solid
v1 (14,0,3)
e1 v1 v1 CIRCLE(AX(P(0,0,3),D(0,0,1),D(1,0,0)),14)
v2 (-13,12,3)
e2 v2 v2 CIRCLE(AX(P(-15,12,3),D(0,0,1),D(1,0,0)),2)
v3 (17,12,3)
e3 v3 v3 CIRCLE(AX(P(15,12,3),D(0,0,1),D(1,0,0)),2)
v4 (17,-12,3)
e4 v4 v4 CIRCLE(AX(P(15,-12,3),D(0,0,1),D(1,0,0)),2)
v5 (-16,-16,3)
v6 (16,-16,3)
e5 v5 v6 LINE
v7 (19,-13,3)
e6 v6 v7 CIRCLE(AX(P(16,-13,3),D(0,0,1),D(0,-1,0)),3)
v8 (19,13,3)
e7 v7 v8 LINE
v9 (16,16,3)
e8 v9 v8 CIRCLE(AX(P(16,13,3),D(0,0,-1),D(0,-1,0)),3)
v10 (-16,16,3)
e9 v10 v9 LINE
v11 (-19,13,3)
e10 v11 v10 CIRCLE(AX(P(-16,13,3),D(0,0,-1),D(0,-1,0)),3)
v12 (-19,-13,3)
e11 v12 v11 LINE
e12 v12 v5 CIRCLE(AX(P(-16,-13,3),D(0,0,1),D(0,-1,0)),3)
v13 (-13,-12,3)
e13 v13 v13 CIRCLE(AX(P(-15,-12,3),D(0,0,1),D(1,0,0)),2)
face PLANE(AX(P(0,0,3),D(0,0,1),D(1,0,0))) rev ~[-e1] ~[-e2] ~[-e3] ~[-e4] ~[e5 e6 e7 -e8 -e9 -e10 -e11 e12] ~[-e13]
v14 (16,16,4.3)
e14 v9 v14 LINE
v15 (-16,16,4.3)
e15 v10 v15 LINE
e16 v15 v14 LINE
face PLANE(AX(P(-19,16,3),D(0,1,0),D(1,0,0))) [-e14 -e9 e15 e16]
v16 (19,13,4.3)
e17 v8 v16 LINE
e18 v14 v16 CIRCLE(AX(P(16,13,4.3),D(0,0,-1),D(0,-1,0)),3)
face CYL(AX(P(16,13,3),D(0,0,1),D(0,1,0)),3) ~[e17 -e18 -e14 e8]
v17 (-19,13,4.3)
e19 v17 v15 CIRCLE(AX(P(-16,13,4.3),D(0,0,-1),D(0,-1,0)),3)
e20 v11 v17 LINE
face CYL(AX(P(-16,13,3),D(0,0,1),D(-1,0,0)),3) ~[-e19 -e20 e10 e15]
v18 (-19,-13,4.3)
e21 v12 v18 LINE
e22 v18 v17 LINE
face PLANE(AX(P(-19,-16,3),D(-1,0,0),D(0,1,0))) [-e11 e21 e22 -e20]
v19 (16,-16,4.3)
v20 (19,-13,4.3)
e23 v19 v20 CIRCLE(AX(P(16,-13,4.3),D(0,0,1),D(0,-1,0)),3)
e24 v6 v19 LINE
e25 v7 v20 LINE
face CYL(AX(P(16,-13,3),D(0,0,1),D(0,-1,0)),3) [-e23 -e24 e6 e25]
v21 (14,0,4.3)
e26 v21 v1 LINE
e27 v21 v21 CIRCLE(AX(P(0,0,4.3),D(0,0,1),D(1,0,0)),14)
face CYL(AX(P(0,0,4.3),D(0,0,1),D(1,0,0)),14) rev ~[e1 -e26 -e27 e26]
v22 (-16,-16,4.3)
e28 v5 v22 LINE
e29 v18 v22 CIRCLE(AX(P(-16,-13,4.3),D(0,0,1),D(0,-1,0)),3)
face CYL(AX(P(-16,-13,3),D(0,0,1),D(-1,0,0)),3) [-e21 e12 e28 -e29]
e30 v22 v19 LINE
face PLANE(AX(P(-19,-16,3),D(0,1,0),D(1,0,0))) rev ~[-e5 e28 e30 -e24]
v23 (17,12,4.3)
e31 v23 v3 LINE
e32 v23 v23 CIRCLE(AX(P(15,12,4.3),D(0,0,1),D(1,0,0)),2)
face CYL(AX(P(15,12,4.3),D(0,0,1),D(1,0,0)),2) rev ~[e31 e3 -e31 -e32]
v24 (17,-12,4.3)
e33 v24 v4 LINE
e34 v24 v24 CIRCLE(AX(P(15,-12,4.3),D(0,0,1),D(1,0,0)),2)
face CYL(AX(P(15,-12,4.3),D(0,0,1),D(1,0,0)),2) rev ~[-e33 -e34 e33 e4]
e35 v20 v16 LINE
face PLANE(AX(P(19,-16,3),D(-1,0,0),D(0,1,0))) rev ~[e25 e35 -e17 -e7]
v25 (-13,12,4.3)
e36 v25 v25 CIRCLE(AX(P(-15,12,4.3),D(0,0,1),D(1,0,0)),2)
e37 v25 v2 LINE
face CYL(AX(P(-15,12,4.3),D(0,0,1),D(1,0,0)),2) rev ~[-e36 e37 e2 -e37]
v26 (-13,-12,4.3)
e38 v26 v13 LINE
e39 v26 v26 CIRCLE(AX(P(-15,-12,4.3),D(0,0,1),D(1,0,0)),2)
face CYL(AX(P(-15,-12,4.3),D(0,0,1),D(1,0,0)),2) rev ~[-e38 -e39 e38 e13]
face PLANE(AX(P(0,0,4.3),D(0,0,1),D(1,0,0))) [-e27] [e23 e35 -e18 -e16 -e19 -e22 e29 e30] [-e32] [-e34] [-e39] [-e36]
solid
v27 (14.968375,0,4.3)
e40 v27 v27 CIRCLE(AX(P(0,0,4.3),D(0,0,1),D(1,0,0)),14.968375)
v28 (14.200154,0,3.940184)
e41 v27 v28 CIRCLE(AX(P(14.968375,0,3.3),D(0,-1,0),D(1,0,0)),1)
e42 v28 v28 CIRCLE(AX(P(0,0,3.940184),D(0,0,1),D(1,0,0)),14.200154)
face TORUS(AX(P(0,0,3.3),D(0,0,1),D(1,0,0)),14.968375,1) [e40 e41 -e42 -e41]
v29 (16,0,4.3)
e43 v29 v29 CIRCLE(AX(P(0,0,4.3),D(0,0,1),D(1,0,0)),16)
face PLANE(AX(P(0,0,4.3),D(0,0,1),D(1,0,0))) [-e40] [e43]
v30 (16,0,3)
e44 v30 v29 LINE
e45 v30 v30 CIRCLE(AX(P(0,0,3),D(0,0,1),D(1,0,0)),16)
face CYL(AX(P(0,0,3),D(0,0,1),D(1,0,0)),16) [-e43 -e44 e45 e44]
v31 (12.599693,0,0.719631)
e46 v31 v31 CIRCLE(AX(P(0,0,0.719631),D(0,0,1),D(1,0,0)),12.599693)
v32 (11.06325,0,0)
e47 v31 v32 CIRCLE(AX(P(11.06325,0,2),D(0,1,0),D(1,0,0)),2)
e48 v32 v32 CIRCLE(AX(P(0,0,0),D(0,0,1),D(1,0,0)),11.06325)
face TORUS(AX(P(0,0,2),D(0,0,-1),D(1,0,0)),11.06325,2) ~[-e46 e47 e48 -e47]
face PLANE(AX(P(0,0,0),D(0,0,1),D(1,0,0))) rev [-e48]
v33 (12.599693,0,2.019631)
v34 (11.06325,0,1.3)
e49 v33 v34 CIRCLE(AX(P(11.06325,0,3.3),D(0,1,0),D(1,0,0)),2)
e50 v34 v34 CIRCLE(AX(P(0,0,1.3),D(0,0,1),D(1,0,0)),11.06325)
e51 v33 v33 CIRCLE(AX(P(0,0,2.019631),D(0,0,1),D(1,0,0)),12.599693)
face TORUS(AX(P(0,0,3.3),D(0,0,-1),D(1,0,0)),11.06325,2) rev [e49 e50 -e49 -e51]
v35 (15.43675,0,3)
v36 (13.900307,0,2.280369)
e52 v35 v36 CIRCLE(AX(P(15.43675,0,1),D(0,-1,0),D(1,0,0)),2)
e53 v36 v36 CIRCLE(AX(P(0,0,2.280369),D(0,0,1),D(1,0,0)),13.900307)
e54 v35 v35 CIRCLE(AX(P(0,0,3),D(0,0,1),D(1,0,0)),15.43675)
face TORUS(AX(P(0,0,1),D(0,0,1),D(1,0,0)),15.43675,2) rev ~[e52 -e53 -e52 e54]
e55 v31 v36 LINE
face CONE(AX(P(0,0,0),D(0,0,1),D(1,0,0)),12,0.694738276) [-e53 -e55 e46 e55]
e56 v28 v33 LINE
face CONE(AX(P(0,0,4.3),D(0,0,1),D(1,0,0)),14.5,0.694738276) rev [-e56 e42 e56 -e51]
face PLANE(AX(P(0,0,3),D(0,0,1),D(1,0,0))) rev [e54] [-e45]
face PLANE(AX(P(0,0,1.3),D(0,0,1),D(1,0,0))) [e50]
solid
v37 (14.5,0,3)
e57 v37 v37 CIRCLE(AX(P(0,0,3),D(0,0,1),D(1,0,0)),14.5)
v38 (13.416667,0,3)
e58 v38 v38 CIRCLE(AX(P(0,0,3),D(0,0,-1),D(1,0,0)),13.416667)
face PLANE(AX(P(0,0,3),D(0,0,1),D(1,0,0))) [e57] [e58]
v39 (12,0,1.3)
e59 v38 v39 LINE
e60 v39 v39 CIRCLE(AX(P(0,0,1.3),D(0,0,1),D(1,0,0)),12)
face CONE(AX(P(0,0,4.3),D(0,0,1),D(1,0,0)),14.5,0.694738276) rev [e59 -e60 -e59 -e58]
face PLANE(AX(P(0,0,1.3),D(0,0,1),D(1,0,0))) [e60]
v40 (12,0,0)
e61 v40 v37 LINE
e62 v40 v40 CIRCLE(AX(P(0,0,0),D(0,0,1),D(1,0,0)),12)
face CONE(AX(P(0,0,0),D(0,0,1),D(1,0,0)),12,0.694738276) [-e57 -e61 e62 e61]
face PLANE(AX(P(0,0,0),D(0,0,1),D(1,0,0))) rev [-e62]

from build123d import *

# Parameters (mm, degrees)
FILLET_R        = 1
FILLET001_R     = 2
FILLET002_R     = 2
BOX_W           = 38
BOX_H           = 32
BOX_DEPTH       = 1.3
SKETCH001_R     = 14
POCKET_DEPTH    = 1.301
FILLET003_R     = 3
SKETCH002_R     = 2
POCKET001_DEPTH = 1.301


with BuildPart() as revolution:
    # Sketch → Revolution (revolve)
    with BuildSketch(Plane.XZ):
        Polygon((0, 0), (12, 0), (14.5, 3), (16, 3), (16, 4.3), (14.5, 4.3), (12, 1.3), (0, 1.3), align=None)
    revolve(axis=Axis((0, 0, 0), (0, 0, 1)))


with BuildPart() as fillet002:
    # Fillet base: copy of Revolution
    add(revolution.part)

    # Fillet
    fillet_edges = [fillet002.edges().sort_by_distance(p)[0] for p in [
        (-14.5, 0, 4.3),
    ]]
    fillet(fillet_edges, radius=FILLET_R)

    # Fillet001
    fillet001_edges = [fillet002.edges().sort_by_distance(p)[0] for p in [
        (-12, 0, 1.3),
    ]]
    fillet(fillet001_edges, radius=FILLET001_R)

    # Fillet002
    fillet002_edges = [fillet002.edges().sort_by_distance(p)[0] for p in [
        (-12, 0, 0),
        (-14.5, 0, 3),
    ]]
    fillet(fillet002_edges, radius=FILLET002_R)


with BuildPart() as cube:
    # Box → Box (new body)
    with BuildSketch(Plane(origin=(-19, -16, 3), x_dir=(1, 0, 0), z_dir=(0, 0, 1))):
        with Locations((19, 16)):
            Rectangle(BOX_W, BOX_H)
    extrude(amount=BOX_DEPTH)


with BuildPart() as cut:
    # Cut base: copy of Revolution
    add(revolution.part)

    # Cut: cut Cube
    add(cube.part, mode=Mode.SUBTRACT)


with BuildPart() as pocket001:
    # Pocket base: copy of Cube
    add(cube.part)

    # Sketch001 → Pocket (cut, through all)
    with BuildSketch(Plane(origin=(-19, -16, 4.3), x_dir=(1, 0, 0), z_dir=(0, 0, 1))):
        with Locations((19, 16)):
            Circle(SKETCH001_R)
    extrude(amount=-POCKET_DEPTH, mode=Mode.SUBTRACT)

    # Fillet003
    fillet003_edges = [pocket001.edges().sort_by_distance(p)[0] for p in [
        (-19, -16, 3.65),
        (19, -16, 3.65),
        (19, 16, 3.65),
        (-19, 16, 3.65),
    ]]
    fillet(fillet003_edges, radius=FILLET003_R)

    # Sketch002 → Pocket001 (cut, through all)
    with BuildSketch(Plane(origin=(-19, -16, 4.3), x_dir=(1, 0, 0), z_dir=(0, 0, 1))):
        with Locations((4, 4)):
            Circle(SKETCH002_R)
        with Locations((34, 4)):
            Circle(SKETCH002_R)
        with Locations((34, 28)):
            Circle(SKETCH002_R)
        with Locations((4, 28)):
            Circle(SKETCH002_R)
    extrude(amount=-POCKET001_DEPTH, mode=Mode.SUBTRACT)


solid = Compound([fillet002.part, cut.part, pocket001.part])
